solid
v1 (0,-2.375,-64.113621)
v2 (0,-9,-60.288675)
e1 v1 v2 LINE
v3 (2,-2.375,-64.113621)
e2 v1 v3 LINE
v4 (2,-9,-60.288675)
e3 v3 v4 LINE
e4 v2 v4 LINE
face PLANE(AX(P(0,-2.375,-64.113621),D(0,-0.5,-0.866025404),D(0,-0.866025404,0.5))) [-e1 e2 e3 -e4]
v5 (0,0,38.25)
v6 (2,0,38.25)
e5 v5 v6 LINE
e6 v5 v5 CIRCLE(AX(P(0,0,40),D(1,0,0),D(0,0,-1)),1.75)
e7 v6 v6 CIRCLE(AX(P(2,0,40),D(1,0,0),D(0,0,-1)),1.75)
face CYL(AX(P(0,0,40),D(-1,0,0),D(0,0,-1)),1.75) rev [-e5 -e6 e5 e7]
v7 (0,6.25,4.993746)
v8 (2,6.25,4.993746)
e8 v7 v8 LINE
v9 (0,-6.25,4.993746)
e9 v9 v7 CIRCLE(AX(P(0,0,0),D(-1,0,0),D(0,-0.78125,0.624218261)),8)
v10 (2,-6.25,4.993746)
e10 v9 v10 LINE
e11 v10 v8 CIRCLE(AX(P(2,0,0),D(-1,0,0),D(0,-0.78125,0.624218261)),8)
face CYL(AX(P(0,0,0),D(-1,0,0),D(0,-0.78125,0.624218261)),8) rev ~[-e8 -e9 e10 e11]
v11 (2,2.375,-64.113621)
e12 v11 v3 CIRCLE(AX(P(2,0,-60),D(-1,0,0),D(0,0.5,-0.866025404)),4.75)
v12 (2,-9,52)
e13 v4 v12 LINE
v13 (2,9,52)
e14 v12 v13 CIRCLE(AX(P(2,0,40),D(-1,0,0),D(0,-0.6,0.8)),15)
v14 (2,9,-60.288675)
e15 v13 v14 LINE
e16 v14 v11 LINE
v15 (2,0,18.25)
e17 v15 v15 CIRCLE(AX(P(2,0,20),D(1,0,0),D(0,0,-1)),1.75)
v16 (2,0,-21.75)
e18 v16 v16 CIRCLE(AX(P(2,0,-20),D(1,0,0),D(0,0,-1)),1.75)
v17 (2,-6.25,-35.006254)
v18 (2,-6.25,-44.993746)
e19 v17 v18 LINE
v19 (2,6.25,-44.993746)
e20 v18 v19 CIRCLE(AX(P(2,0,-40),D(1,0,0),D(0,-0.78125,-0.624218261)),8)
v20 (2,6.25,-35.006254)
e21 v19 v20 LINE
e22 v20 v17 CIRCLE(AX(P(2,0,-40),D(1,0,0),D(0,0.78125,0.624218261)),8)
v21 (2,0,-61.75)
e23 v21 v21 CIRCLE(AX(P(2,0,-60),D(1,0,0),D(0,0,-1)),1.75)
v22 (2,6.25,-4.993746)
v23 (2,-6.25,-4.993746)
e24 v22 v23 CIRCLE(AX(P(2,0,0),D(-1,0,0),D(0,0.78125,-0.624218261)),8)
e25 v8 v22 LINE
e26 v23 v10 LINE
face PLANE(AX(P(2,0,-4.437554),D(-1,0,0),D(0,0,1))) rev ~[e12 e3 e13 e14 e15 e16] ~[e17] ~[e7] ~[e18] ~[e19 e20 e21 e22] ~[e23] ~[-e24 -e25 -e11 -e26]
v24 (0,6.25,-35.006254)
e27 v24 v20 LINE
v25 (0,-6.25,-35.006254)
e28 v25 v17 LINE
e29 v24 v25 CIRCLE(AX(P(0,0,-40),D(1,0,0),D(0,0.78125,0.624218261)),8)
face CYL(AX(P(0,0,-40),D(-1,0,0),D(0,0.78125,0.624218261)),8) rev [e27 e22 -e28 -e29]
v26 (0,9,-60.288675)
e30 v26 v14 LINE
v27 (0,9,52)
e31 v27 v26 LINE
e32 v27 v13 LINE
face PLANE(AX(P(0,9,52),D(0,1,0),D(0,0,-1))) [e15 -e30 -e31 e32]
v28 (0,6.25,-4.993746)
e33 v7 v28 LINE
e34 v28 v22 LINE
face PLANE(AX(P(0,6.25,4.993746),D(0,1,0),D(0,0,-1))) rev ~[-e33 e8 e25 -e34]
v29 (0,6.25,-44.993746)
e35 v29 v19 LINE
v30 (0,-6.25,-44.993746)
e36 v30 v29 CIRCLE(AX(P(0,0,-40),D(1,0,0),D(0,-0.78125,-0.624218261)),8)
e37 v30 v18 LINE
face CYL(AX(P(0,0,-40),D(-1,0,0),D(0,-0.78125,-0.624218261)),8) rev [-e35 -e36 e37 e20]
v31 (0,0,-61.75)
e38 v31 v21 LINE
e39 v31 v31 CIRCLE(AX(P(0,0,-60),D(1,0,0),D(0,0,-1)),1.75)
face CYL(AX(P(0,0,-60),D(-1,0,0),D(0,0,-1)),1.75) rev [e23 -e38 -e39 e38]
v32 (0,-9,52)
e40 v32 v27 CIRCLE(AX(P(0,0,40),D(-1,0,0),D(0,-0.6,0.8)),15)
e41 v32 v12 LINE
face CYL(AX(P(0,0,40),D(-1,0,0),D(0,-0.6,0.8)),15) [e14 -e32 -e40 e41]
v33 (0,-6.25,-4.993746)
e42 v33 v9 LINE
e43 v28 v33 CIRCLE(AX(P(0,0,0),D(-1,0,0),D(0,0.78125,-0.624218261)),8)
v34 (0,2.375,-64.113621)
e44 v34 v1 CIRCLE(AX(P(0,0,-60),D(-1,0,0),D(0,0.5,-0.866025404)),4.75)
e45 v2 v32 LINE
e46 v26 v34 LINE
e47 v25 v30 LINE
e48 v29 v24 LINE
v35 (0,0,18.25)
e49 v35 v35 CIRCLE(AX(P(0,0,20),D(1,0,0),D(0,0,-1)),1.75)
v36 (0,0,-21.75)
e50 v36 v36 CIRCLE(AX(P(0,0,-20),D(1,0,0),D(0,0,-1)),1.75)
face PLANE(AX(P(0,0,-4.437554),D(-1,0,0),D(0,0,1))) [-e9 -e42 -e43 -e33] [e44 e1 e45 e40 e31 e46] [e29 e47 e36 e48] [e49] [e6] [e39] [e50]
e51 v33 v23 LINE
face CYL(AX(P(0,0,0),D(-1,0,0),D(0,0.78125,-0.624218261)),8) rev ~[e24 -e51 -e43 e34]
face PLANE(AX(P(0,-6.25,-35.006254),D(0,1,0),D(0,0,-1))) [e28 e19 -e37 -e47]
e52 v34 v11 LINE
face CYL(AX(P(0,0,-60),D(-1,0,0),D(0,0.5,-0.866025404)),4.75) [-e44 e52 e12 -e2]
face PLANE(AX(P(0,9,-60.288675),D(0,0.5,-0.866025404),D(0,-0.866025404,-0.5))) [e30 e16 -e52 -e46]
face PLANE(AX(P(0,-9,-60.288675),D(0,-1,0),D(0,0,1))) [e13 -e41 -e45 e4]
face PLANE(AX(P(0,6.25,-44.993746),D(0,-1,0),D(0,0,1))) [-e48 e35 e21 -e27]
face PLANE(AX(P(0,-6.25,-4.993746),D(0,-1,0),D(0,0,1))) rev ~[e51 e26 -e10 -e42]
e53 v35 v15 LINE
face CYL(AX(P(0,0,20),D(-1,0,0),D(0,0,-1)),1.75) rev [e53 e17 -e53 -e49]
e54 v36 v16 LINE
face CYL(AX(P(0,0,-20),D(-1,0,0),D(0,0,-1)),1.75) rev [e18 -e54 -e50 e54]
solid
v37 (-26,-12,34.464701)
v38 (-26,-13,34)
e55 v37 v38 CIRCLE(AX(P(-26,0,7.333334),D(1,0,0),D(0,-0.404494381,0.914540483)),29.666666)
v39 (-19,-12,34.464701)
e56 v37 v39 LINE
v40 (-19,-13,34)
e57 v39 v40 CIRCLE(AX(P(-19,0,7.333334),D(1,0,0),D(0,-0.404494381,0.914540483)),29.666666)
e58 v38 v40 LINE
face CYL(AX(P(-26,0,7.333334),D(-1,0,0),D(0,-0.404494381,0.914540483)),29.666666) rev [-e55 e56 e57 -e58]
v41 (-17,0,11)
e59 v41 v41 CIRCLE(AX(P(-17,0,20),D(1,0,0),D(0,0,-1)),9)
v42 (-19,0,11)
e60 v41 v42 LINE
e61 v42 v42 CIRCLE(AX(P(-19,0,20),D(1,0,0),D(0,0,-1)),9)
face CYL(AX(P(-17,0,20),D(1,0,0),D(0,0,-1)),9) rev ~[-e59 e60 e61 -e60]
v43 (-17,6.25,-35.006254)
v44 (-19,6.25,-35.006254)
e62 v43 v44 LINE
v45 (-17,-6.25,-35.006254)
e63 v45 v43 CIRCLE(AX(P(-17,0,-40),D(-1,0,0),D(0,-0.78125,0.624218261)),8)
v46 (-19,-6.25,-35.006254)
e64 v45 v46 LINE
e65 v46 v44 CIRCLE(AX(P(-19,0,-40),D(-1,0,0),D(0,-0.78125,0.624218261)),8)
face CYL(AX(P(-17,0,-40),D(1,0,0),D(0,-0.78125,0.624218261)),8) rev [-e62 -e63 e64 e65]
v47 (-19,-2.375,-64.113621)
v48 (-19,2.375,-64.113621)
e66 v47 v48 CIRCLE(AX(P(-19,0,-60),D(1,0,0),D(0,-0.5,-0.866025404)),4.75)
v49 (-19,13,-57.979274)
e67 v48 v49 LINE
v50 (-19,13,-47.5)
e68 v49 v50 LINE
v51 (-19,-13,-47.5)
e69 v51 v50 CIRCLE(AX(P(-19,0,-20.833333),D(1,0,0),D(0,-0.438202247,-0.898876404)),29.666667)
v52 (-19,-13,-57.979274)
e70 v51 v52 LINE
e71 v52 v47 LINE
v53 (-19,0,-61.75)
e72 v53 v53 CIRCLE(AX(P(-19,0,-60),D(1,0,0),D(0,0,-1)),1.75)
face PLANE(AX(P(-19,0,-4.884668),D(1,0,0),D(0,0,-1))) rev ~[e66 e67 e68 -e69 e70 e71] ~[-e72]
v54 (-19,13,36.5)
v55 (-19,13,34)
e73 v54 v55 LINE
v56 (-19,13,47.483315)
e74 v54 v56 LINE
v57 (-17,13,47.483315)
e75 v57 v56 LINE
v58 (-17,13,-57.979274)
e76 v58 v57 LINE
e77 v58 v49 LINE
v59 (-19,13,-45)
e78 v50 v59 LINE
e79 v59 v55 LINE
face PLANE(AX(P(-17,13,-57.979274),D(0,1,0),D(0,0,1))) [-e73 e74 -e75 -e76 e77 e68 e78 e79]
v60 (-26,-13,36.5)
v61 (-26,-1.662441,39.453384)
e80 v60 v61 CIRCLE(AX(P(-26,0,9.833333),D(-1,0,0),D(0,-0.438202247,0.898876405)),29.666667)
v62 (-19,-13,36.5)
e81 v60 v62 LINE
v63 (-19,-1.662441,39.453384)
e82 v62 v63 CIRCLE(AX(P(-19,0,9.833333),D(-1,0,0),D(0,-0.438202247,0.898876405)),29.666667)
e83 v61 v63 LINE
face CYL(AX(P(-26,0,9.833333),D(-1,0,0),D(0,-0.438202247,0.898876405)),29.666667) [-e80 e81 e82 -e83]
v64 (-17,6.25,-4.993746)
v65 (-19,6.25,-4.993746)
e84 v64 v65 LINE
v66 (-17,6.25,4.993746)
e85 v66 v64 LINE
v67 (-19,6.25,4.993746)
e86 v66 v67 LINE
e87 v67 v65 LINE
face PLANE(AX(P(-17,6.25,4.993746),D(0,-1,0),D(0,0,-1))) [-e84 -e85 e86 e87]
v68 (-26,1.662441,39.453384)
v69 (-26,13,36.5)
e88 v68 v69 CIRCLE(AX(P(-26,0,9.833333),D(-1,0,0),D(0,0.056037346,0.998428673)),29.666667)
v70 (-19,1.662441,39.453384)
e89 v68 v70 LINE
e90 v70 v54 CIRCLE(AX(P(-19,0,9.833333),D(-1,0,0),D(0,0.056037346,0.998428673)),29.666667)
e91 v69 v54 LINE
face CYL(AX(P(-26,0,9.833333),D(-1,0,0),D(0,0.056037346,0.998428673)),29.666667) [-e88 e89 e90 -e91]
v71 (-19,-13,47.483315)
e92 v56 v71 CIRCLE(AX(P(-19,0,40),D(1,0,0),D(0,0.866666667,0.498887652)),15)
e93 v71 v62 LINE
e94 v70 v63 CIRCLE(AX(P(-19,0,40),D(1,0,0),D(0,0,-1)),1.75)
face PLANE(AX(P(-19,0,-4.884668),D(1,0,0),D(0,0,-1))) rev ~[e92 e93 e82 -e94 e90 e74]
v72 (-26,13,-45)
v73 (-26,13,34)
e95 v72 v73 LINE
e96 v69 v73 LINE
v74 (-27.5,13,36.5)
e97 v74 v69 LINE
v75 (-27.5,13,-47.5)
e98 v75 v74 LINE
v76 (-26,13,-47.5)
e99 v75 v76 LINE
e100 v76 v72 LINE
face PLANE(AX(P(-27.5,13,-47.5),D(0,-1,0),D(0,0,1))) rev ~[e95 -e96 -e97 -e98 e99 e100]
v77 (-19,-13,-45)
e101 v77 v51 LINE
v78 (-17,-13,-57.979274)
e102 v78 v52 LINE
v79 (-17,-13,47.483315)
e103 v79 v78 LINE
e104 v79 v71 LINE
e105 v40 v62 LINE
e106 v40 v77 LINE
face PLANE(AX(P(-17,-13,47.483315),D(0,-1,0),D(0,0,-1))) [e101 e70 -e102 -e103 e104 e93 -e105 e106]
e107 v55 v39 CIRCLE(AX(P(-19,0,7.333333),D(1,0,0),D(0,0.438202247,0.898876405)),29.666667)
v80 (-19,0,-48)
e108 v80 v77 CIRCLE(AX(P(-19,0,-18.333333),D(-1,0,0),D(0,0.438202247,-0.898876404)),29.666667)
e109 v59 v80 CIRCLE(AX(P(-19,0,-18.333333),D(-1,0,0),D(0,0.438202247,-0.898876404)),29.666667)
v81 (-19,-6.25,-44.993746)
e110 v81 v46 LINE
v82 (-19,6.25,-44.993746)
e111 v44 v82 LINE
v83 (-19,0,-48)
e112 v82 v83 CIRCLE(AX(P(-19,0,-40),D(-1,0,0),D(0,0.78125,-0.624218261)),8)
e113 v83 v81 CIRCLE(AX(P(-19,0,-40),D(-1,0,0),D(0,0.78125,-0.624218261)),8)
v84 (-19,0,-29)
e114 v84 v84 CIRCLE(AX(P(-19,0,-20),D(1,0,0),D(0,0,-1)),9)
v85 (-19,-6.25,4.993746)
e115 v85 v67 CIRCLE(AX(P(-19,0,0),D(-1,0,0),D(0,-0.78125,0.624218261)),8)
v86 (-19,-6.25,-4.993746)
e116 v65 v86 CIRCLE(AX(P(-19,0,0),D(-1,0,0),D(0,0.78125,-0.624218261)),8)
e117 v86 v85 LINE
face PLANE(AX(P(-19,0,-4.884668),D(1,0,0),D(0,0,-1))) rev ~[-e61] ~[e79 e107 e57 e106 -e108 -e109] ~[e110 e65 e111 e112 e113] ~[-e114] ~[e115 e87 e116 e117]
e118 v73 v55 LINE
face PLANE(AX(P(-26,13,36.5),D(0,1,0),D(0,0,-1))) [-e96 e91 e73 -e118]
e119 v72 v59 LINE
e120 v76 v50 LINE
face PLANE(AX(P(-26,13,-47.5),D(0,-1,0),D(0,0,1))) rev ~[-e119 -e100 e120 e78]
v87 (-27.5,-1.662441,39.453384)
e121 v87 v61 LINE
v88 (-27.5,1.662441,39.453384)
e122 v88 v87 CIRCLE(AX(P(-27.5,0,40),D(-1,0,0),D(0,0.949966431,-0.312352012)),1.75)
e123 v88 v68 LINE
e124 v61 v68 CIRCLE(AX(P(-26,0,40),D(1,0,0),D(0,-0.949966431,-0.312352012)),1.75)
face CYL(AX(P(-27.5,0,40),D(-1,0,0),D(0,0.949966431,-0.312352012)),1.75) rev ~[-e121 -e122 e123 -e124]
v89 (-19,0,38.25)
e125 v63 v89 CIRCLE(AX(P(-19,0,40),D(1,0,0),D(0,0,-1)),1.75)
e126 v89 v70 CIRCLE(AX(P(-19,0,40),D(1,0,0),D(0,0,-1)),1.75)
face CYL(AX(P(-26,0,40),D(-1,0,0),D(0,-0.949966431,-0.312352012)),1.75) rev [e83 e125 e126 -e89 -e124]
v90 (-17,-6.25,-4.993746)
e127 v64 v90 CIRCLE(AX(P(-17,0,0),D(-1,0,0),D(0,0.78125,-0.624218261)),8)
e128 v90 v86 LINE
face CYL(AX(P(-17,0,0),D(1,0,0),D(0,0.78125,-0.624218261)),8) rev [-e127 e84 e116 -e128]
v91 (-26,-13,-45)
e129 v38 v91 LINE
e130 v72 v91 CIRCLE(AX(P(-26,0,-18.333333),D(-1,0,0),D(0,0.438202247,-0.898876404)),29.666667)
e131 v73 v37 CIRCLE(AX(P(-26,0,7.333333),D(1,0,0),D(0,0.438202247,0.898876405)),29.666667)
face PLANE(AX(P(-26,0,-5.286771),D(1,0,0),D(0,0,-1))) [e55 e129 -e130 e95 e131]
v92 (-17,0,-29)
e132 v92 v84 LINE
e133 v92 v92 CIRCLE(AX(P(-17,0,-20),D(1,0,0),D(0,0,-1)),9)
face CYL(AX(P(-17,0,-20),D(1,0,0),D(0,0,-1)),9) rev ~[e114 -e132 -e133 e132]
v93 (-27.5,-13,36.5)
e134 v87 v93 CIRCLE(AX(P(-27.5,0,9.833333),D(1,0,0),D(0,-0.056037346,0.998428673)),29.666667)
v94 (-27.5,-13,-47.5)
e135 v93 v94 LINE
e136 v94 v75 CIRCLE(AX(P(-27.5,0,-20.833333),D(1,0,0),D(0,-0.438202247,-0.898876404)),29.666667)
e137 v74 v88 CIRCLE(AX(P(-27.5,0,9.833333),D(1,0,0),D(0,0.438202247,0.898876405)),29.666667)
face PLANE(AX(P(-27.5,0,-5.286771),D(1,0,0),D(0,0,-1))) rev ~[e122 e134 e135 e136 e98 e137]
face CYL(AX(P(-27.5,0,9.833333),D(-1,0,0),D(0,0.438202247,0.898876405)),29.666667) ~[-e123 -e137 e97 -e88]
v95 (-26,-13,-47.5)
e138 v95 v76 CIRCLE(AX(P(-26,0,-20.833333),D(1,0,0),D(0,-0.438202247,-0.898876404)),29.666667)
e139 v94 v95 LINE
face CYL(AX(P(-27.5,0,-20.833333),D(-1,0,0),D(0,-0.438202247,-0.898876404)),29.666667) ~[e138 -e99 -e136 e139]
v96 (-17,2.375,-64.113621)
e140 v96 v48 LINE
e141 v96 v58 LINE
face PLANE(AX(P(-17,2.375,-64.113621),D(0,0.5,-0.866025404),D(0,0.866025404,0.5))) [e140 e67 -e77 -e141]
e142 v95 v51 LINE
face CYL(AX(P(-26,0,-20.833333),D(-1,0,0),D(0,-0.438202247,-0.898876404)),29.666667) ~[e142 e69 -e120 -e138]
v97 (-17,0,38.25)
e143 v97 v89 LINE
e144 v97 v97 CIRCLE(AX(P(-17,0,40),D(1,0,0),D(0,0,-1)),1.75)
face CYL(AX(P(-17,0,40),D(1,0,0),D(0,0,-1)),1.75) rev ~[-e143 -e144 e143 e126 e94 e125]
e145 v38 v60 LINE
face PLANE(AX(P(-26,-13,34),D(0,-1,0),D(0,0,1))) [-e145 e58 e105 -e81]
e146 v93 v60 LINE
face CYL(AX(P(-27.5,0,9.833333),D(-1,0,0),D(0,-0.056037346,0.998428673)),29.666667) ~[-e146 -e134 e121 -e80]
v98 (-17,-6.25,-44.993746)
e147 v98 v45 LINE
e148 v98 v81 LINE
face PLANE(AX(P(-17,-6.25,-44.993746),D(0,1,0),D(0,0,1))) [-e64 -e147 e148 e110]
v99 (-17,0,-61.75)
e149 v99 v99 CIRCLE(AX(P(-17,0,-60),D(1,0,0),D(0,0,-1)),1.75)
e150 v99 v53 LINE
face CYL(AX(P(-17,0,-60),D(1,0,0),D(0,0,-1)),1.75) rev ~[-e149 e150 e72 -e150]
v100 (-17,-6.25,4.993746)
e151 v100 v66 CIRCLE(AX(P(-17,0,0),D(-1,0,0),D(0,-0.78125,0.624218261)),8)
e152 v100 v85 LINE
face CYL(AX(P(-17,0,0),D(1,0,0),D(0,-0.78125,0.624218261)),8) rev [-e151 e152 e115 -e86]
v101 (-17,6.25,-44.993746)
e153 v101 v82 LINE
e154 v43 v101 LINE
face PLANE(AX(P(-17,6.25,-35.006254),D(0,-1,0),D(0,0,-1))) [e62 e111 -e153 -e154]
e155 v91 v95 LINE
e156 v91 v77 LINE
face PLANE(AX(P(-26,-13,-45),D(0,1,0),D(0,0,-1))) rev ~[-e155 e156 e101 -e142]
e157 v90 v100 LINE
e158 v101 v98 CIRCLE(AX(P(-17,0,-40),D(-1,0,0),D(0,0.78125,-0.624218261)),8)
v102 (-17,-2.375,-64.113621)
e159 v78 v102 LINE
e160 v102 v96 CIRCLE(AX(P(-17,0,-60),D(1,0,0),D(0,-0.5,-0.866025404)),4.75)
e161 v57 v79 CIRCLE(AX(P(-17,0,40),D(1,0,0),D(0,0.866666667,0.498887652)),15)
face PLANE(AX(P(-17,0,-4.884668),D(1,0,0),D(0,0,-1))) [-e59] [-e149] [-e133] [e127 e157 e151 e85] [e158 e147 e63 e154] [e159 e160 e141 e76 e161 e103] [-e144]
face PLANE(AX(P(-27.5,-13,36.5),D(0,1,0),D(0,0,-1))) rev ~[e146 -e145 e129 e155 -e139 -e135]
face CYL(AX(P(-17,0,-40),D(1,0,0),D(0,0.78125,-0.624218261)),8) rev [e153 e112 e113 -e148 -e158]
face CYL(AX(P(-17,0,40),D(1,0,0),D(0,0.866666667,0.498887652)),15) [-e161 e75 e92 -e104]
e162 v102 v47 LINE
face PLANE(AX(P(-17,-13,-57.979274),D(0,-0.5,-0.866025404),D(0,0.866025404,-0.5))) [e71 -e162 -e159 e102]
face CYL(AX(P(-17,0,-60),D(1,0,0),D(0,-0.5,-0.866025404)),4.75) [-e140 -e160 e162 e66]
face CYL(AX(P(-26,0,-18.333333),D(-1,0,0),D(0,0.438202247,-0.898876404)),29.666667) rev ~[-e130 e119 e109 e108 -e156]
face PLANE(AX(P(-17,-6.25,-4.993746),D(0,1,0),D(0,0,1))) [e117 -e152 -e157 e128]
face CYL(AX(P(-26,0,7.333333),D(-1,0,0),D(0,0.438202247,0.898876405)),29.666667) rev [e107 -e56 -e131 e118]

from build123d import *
from build123d.topology import SkipClean

# Parameters (mm, degrees)
SKETCH1_R           = 1.75
BOSS_EXTRUDE1_DEPTH = 2
BOSS_EXTRUDE4_START = -17
SKETCH1_10_R        = 1.75
SKETCH1_10_R_2      = 9
BOSS_EXTRUDE4_DEPTH = 2
BOSS_EXTRUDE5_START = 7
BOSS_EXTRUDE5_DEPTH = 7
BOSS_EXTRUDE6_START = 1.5
BOSS_EXTRUDE6_DEPTH = 1.5


with BuildPart() as part:
    # Sketch1 → Boss-Extrude1 (new body)
    with BuildSketch(Plane(origin=(0, 0, 0), x_dir=(0, 0, -1), z_dir=(1, 0, 0))):
        with BuildLine():
            Line((-52, 9), (60.288675135, 9))
            Line((60.288675135, 9), (64.113620668, 2.375))
            ThreePointArc((64.113620668, 2.375), (64.75, 0), (64.113620668, -2.375))
            Line((64.113620668, -2.375), (60.288675135, -9))
            Line((60.288675135, -9), (-52, -9))
            ThreePointArc((-52, -9), (-55, 0), (-52, 9))
        make_face()
        with Locations((20, 0)):
            Circle(SKETCH1_R, mode=Mode.SUBTRACT)
        with Locations((-20, 0)):
            Circle(SKETCH1_R, mode=Mode.SUBTRACT)
        with Locations((-40, 0)):
            Circle(SKETCH1_R, mode=Mode.SUBTRACT)
        with Locations((60, 0)):
            Circle(SKETCH1_R, mode=Mode.SUBTRACT)
        with BuildLine():
            Line((44.993746089, 6.25), (35.006253911, 6.25))
            ThreePointArc((35.006253911, 6.25), (32, 0), (35.006253911, -6.25))
            Line((35.006253911, -6.25), (44.993746089, -6.25))
            ThreePointArc((44.993746089, -6.25), (48, 0), (44.993746089, 6.25))
        make_face(mode=Mode.SUBTRACT)
        with BuildLine():
            Line((4.993746089, -6.25), (-4.993746089, -6.25))
            ThreePointArc((-4.993746089, -6.25), (-8, 0), (-4.993746089, 6.25))
            Line((-4.993746089, 6.25), (4.993746089, 6.25))
            ThreePointArc((4.993746089, 6.25), (8, 0), (4.993746089, -6.25))
        make_face(mode=Mode.SUBTRACT)
    extrude(amount=BOSS_EXTRUDE1_DEPTH)


with BuildPart() as body_2:
    # Sketch1<10> → Boss-Extrude4 (new body)
    with BuildSketch(Plane(origin=(0, 0, 0), x_dir=(0, 0, -1), z_dir=(1, 0, 0)).offset(BOSS_EXTRUDE4_START)):
        with BuildLine():
            ThreePointArc((-47.483314774, 13), (-55, 0), (-47.483314774, -13))
            Line((-47.483314774, -13), (57.979274058, -13))
            Line((57.979274058, -13), (64.113620668, -2.375))
            ThreePointArc((64.113620668, -2.375), (64.75, 0), (64.113620668, 2.375))
            Line((64.113620668, 2.375), (57.979274058, 13))
            Line((57.979274058, 13), (-47.483314774, 13))
        make_face()
        with Locations((-40, 0)):
            Circle(SKETCH1_10_R, mode=Mode.SUBTRACT)
        with Locations((-20, 0)):
            Circle(SKETCH1_10_R_2, mode=Mode.SUBTRACT)
        with BuildLine():
            Line((4.993746089, -6.25), (-4.993746089, -6.25))
            ThreePointArc((-4.993746089, -6.25), (-8, 0), (-4.993746089, 6.25))
            Line((-4.993746089, 6.25), (4.993746089, 6.25))
            ThreePointArc((4.993746089, 6.25), (8, 0), (4.993746089, -6.25))
        make_face(mode=Mode.SUBTRACT)
        with Locations((20, 0)):
            Circle(SKETCH1_10_R_2, mode=Mode.SUBTRACT)
        with BuildLine():
            Line((35.006253911, 6.25), (44.993746089, 6.25))
            ThreePointArc((44.993746089, 6.25), (48, 0), (44.993746089, -6.25))
            Line((44.993746089, -6.25), (35.006253911, -6.25))
            ThreePointArc((35.006253911, -6.25), (32, 0), (35.006253911, 6.25))
        make_face(mode=Mode.SUBTRACT)
        with Locations((60, 0)):
            Circle(SKETCH1_10_R, mode=Mode.SUBTRACT)
    extrude(amount=-BOSS_EXTRUDE4_DEPTH)

    # Sketch5 → Boss-Extrude5 (add)
    with SkipClean():  # the faces are left unmerged after this step: merging them gives an invalid solid
        with BuildSketch(Plane.ZY.offset(19).offset(BOSS_EXTRUDE5_START)):
            with BuildLine():
                Line((36.5, 13), (34, 13))
                ThreePointArc((34, 13), (36.994876185, 0.551349937), (34.464700993, -12))
                ThreePointArc((34.464700993, -12), (34.236997105, -12.502159284), (34, -13))
                Line((34, -13), (36.5, -13))
                ThreePointArc((36.5, -13), (38.54193302, -7.478463419), (39.453383978, -1.662441254))
                ThreePointArc((39.453383978, -1.662441254), (38.25, 0), (39.453383978, 1.662441254))
                ThreePointArc((39.453383978, 1.662441254), (38.54193302, 7.478463419), (36.5, 13))
            make_face()
            with BuildLine():
                ThreePointArc((-45, 13), (-48, 0), (-45, -13))
                Line((-45, -13), (-47.5, -13))
                ThreePointArc((-47.5, -13), (-50.5, 0), (-47.5, 13))
                Line((-47.5, 13), (-45, 13))
            make_face()
        extrude(amount=-BOSS_EXTRUDE5_DEPTH)

    # Sketch6 → Boss-Extrude6 (add)
    with SkipClean():  # the faces are left unmerged after this step: merging them gives an invalid solid
        with BuildSketch(Plane.ZY.offset(26).offset(BOSS_EXTRUDE6_START)):
            with BuildLine():
                Line((-47.5, 13), (36.5, 13))
                ThreePointArc((36.5, 13), (38.54193302, 7.478463419), (39.453383978, 1.662441254))
                ThreePointArc((39.453383978, 1.662441254), (38.25, 0), (39.453383978, -1.662441254))
                ThreePointArc((39.453383978, -1.662441254), (38.54193302, -7.478463419), (36.5, -13))
                Line((36.5, -13), (-47.5, -13))
                ThreePointArc((-47.5, -13), (-50.5, 0), (-47.5, 13))
            make_face()
        extrude(amount=-BOSS_EXTRUDE6_DEPTH)


solid = Compound([part.part, body_2.part])
